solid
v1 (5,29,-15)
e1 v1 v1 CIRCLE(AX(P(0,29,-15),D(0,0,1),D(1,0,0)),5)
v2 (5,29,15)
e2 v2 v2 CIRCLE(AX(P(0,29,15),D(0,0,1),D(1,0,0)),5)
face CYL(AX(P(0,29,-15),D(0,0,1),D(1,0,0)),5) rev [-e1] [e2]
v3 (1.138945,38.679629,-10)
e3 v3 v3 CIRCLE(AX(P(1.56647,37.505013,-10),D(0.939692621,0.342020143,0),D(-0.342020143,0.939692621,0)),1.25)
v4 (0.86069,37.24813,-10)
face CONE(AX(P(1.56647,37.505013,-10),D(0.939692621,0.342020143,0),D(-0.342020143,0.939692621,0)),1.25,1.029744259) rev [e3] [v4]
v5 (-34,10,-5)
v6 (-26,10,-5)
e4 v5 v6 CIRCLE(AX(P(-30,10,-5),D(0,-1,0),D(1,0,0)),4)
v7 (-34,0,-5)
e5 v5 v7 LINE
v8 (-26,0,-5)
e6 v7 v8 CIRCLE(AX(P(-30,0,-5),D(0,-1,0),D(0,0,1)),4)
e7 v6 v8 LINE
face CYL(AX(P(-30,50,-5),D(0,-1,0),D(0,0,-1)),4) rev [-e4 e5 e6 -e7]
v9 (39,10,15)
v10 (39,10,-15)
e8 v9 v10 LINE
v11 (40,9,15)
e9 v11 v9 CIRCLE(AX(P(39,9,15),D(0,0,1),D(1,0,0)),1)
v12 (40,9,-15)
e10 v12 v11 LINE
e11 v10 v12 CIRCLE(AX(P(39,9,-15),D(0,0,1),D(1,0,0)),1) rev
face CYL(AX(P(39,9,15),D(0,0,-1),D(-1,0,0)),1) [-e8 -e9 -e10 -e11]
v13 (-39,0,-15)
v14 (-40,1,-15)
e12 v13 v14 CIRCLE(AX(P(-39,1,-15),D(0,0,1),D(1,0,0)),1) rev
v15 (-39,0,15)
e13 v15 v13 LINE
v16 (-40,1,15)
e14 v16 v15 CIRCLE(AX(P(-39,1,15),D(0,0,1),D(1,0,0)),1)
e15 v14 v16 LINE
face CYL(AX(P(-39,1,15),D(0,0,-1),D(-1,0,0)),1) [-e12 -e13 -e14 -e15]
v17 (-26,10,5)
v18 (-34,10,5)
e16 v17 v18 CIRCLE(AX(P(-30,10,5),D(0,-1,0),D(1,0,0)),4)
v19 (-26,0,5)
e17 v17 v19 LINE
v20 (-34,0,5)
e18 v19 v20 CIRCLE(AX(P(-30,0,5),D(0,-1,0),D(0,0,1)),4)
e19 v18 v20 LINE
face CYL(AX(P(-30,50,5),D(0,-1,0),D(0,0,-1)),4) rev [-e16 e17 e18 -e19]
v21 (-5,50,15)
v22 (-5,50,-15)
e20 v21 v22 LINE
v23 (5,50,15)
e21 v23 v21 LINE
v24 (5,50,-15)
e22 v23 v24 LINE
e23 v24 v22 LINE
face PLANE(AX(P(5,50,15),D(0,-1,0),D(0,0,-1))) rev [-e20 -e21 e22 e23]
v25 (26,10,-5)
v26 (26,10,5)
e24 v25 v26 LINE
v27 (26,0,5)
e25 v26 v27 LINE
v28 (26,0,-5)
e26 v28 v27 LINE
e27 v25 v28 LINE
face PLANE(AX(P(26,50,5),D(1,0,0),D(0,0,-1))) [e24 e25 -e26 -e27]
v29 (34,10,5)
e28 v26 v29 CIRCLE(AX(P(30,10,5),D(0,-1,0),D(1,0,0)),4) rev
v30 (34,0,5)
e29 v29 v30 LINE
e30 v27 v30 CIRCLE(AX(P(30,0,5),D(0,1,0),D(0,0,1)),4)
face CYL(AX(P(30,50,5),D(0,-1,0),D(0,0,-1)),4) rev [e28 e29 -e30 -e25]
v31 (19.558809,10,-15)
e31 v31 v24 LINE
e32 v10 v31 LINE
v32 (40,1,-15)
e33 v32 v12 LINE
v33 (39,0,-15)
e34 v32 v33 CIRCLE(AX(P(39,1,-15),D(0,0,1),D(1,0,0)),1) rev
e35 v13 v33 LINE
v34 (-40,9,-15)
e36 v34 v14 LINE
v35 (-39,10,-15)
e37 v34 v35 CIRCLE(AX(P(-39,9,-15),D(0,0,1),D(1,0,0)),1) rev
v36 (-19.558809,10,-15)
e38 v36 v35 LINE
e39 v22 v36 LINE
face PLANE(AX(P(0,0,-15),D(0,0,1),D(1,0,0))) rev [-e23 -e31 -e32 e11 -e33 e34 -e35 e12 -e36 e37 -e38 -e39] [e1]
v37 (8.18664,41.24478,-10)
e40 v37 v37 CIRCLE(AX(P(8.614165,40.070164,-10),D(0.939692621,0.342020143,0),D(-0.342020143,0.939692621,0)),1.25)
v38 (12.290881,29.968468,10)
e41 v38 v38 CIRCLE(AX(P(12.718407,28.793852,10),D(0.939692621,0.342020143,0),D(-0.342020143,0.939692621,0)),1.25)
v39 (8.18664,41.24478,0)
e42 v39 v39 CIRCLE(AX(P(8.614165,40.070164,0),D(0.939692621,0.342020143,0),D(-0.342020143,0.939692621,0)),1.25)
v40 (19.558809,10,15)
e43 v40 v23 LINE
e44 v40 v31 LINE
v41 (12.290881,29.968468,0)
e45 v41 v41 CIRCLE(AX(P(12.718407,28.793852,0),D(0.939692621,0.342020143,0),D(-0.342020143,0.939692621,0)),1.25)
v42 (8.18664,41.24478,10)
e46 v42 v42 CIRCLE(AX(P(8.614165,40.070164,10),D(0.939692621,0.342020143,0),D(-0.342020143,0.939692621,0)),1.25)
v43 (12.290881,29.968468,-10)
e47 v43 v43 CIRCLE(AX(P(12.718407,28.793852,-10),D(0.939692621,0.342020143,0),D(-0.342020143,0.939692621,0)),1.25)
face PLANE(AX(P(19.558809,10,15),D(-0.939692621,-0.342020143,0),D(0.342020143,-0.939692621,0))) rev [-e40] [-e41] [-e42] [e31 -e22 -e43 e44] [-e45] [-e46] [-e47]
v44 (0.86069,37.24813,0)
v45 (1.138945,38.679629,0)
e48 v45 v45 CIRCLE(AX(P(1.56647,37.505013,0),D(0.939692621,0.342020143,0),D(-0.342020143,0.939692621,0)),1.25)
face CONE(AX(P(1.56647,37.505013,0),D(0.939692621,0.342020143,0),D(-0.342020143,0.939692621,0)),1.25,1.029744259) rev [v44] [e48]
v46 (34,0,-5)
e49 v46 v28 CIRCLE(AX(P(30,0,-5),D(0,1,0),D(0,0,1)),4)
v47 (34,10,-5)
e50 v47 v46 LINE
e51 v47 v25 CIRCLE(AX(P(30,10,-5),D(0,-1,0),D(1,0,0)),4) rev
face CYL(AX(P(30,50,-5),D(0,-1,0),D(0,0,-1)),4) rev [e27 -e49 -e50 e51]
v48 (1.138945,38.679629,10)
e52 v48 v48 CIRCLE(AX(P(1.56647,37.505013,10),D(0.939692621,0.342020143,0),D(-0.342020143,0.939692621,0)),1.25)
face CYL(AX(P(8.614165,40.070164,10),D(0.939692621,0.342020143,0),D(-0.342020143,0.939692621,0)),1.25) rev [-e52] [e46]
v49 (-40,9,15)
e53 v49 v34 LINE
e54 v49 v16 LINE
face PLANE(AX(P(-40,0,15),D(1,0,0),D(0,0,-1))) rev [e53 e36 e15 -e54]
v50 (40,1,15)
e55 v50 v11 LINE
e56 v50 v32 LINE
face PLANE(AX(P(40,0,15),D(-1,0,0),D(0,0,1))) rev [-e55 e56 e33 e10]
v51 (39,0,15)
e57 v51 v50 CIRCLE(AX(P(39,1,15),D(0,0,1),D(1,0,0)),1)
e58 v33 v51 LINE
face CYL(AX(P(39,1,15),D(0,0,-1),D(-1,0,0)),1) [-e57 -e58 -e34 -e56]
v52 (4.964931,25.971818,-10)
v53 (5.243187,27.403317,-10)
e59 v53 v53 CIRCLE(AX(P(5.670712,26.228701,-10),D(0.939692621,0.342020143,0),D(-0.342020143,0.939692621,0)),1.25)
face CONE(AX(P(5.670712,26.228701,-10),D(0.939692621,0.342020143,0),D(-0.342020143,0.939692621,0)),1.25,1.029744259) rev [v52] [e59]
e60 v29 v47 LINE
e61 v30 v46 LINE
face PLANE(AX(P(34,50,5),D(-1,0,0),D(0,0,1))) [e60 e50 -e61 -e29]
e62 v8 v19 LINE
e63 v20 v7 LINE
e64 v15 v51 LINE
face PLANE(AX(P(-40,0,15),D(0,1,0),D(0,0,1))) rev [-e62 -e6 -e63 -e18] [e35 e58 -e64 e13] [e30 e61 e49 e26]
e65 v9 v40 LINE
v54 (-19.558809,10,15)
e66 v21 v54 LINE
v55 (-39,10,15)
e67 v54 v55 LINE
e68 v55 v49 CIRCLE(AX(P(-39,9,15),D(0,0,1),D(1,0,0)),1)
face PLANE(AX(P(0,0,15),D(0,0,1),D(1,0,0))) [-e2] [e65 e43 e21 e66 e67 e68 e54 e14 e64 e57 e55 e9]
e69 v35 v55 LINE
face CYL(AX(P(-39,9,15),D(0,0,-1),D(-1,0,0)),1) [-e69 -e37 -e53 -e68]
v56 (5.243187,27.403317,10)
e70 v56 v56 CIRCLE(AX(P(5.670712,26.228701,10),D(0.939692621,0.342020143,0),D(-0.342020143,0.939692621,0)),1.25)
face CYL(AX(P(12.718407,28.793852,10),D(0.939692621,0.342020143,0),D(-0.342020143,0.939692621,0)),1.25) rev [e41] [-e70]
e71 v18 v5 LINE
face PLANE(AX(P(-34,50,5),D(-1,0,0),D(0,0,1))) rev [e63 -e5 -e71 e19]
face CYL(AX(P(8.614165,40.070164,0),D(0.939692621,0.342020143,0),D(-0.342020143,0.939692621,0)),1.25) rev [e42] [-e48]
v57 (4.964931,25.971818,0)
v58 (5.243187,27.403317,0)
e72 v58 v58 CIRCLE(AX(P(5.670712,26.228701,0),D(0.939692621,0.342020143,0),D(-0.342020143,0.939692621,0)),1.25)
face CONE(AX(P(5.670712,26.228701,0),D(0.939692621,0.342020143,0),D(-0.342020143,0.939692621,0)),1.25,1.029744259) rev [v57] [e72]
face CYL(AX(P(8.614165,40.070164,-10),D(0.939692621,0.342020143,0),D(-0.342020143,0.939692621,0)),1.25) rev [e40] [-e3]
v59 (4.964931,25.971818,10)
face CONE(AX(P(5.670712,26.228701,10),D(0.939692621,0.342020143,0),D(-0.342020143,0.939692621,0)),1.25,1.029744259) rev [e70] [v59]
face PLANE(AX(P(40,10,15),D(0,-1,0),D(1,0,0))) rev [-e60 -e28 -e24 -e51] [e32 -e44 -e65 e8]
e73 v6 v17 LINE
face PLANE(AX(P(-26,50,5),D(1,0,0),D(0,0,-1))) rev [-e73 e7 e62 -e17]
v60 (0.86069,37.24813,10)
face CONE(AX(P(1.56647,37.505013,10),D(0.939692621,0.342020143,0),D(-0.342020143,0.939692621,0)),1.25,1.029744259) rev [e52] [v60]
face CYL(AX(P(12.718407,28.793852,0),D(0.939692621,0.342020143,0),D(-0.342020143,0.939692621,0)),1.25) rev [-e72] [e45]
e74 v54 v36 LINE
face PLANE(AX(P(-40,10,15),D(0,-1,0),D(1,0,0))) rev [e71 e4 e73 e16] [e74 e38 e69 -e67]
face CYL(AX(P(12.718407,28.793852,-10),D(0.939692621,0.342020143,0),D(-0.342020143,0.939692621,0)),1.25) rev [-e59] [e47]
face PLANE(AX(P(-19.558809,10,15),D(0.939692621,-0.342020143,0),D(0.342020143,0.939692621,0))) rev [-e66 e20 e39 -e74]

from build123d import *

# Parameters (mm, degrees)
BASE_EXTRUDE_DEPTH   = 15
SLOT_CUT_DEPTH       = 66.76473219
SKETCH5_R            = 5
GUIDE_HOLE_DEPTH     = 71.710678119
LPATTERN1_COUNT      = 3
LPATTERN1_PITCH      = 10
LPATTERN1_COUNT_DIR2 = 2
LPATTERN1_PITCH_DIR2 = 12
FILLET1_R            = 1


with BuildPart() as part:
    # Sketch2 → Base Extrude (new, symmetric)
    with BuildSketch(Plane.XY):
        Polygon((-40, 0), (40, 0), (40, 10), (19.558809371, 10), (5, 50), (-5, 50), (-19.558809371, 10), (-40, 10), align=None)
    extrude(amount=BASE_EXTRUDE_DEPTH, both=True)

    # Sketch4 → Slot Cut (cut, through all)
    with BuildSketch(Plane(origin=(0, 0, 0), x_dir=(1, 0, 0), z_dir=(0, 1, 0))):
        with BuildLine():
            Line((26, -5), (26, 5))
            ThreePointArc((26, 5), (30, 9), (34, 5))
            Line((34, 5), (34, -5))
            ThreePointArc((34, -5), (30, -9), (26, -5))
        make_face()
    slot_cut = extrude(amount=SLOT_CUT_DEPTH, mode=Mode.SUBTRACT)

    # Mirror1: Slot Cut across plane
    add(slot_cut.mirror(Plane(origin=(0, 0, 0), x_dir=(0, 0, 1), z_dir=(1, 0, 0))), mode=Mode.SUBTRACT)

    # Sketch5 → Guide Hole (cut, through all)
    with BuildSketch(Plane.XY.offset(15)):
        with Locations((0, 29)):
            Circle(SKETCH5_R)
    extrude(amount=-GUIDE_HOLE_DEPTH, mode=Mode.SUBTRACT)

    # Sketch10 → M3x0.5 Tapped Hole2 (revolve, cut)
    with BuildSketch(Plane(origin=(12.718406504, 28.793852416, 10), x_dir=(-0.3420201433256662, 0.9396926207859093, 0), z_dir=(0, 0, 1))):
        Polygon((0, 0), (0, 8.251075774), (1.25, 7.5), (1.25, 0), align=None)
    m3x0_5_tapped_hole2 = revolve(axis=Axis((18.685454646, 30.965680326, 10), (-0.9396926207859093, -0.34202014332566616, 0)), mode=Mode.SUBTRACT)

    # LPattern1: M3x0.5 Tapped Hole2 3 × 2
    with Locations(*[Vector(0, 0, -1) * (i * LPATTERN1_PITCH) + Vector(-0.34202014332566616, 0.9396926207859094, 0) * (j * LPATTERN1_PITCH_DIR2) for i in range(LPATTERN1_COUNT) for j in range(LPATTERN1_COUNT_DIR2) if (i, j) != (0, 0)]):
        add(m3x0_5_tapped_hole2, mode=Mode.SUBTRACT)

    # Fillet1
    fillet1_edges = [part.edges().sort_by_distance(p)[0] for p in [
        (40, 0, 0),
        (-40, 0, 0),
        (-40, 10, 0),
        (40, 10, 0),
    ]]
    fillet(fillet1_edges, radius=FILLET1_R)


solid = part.part
